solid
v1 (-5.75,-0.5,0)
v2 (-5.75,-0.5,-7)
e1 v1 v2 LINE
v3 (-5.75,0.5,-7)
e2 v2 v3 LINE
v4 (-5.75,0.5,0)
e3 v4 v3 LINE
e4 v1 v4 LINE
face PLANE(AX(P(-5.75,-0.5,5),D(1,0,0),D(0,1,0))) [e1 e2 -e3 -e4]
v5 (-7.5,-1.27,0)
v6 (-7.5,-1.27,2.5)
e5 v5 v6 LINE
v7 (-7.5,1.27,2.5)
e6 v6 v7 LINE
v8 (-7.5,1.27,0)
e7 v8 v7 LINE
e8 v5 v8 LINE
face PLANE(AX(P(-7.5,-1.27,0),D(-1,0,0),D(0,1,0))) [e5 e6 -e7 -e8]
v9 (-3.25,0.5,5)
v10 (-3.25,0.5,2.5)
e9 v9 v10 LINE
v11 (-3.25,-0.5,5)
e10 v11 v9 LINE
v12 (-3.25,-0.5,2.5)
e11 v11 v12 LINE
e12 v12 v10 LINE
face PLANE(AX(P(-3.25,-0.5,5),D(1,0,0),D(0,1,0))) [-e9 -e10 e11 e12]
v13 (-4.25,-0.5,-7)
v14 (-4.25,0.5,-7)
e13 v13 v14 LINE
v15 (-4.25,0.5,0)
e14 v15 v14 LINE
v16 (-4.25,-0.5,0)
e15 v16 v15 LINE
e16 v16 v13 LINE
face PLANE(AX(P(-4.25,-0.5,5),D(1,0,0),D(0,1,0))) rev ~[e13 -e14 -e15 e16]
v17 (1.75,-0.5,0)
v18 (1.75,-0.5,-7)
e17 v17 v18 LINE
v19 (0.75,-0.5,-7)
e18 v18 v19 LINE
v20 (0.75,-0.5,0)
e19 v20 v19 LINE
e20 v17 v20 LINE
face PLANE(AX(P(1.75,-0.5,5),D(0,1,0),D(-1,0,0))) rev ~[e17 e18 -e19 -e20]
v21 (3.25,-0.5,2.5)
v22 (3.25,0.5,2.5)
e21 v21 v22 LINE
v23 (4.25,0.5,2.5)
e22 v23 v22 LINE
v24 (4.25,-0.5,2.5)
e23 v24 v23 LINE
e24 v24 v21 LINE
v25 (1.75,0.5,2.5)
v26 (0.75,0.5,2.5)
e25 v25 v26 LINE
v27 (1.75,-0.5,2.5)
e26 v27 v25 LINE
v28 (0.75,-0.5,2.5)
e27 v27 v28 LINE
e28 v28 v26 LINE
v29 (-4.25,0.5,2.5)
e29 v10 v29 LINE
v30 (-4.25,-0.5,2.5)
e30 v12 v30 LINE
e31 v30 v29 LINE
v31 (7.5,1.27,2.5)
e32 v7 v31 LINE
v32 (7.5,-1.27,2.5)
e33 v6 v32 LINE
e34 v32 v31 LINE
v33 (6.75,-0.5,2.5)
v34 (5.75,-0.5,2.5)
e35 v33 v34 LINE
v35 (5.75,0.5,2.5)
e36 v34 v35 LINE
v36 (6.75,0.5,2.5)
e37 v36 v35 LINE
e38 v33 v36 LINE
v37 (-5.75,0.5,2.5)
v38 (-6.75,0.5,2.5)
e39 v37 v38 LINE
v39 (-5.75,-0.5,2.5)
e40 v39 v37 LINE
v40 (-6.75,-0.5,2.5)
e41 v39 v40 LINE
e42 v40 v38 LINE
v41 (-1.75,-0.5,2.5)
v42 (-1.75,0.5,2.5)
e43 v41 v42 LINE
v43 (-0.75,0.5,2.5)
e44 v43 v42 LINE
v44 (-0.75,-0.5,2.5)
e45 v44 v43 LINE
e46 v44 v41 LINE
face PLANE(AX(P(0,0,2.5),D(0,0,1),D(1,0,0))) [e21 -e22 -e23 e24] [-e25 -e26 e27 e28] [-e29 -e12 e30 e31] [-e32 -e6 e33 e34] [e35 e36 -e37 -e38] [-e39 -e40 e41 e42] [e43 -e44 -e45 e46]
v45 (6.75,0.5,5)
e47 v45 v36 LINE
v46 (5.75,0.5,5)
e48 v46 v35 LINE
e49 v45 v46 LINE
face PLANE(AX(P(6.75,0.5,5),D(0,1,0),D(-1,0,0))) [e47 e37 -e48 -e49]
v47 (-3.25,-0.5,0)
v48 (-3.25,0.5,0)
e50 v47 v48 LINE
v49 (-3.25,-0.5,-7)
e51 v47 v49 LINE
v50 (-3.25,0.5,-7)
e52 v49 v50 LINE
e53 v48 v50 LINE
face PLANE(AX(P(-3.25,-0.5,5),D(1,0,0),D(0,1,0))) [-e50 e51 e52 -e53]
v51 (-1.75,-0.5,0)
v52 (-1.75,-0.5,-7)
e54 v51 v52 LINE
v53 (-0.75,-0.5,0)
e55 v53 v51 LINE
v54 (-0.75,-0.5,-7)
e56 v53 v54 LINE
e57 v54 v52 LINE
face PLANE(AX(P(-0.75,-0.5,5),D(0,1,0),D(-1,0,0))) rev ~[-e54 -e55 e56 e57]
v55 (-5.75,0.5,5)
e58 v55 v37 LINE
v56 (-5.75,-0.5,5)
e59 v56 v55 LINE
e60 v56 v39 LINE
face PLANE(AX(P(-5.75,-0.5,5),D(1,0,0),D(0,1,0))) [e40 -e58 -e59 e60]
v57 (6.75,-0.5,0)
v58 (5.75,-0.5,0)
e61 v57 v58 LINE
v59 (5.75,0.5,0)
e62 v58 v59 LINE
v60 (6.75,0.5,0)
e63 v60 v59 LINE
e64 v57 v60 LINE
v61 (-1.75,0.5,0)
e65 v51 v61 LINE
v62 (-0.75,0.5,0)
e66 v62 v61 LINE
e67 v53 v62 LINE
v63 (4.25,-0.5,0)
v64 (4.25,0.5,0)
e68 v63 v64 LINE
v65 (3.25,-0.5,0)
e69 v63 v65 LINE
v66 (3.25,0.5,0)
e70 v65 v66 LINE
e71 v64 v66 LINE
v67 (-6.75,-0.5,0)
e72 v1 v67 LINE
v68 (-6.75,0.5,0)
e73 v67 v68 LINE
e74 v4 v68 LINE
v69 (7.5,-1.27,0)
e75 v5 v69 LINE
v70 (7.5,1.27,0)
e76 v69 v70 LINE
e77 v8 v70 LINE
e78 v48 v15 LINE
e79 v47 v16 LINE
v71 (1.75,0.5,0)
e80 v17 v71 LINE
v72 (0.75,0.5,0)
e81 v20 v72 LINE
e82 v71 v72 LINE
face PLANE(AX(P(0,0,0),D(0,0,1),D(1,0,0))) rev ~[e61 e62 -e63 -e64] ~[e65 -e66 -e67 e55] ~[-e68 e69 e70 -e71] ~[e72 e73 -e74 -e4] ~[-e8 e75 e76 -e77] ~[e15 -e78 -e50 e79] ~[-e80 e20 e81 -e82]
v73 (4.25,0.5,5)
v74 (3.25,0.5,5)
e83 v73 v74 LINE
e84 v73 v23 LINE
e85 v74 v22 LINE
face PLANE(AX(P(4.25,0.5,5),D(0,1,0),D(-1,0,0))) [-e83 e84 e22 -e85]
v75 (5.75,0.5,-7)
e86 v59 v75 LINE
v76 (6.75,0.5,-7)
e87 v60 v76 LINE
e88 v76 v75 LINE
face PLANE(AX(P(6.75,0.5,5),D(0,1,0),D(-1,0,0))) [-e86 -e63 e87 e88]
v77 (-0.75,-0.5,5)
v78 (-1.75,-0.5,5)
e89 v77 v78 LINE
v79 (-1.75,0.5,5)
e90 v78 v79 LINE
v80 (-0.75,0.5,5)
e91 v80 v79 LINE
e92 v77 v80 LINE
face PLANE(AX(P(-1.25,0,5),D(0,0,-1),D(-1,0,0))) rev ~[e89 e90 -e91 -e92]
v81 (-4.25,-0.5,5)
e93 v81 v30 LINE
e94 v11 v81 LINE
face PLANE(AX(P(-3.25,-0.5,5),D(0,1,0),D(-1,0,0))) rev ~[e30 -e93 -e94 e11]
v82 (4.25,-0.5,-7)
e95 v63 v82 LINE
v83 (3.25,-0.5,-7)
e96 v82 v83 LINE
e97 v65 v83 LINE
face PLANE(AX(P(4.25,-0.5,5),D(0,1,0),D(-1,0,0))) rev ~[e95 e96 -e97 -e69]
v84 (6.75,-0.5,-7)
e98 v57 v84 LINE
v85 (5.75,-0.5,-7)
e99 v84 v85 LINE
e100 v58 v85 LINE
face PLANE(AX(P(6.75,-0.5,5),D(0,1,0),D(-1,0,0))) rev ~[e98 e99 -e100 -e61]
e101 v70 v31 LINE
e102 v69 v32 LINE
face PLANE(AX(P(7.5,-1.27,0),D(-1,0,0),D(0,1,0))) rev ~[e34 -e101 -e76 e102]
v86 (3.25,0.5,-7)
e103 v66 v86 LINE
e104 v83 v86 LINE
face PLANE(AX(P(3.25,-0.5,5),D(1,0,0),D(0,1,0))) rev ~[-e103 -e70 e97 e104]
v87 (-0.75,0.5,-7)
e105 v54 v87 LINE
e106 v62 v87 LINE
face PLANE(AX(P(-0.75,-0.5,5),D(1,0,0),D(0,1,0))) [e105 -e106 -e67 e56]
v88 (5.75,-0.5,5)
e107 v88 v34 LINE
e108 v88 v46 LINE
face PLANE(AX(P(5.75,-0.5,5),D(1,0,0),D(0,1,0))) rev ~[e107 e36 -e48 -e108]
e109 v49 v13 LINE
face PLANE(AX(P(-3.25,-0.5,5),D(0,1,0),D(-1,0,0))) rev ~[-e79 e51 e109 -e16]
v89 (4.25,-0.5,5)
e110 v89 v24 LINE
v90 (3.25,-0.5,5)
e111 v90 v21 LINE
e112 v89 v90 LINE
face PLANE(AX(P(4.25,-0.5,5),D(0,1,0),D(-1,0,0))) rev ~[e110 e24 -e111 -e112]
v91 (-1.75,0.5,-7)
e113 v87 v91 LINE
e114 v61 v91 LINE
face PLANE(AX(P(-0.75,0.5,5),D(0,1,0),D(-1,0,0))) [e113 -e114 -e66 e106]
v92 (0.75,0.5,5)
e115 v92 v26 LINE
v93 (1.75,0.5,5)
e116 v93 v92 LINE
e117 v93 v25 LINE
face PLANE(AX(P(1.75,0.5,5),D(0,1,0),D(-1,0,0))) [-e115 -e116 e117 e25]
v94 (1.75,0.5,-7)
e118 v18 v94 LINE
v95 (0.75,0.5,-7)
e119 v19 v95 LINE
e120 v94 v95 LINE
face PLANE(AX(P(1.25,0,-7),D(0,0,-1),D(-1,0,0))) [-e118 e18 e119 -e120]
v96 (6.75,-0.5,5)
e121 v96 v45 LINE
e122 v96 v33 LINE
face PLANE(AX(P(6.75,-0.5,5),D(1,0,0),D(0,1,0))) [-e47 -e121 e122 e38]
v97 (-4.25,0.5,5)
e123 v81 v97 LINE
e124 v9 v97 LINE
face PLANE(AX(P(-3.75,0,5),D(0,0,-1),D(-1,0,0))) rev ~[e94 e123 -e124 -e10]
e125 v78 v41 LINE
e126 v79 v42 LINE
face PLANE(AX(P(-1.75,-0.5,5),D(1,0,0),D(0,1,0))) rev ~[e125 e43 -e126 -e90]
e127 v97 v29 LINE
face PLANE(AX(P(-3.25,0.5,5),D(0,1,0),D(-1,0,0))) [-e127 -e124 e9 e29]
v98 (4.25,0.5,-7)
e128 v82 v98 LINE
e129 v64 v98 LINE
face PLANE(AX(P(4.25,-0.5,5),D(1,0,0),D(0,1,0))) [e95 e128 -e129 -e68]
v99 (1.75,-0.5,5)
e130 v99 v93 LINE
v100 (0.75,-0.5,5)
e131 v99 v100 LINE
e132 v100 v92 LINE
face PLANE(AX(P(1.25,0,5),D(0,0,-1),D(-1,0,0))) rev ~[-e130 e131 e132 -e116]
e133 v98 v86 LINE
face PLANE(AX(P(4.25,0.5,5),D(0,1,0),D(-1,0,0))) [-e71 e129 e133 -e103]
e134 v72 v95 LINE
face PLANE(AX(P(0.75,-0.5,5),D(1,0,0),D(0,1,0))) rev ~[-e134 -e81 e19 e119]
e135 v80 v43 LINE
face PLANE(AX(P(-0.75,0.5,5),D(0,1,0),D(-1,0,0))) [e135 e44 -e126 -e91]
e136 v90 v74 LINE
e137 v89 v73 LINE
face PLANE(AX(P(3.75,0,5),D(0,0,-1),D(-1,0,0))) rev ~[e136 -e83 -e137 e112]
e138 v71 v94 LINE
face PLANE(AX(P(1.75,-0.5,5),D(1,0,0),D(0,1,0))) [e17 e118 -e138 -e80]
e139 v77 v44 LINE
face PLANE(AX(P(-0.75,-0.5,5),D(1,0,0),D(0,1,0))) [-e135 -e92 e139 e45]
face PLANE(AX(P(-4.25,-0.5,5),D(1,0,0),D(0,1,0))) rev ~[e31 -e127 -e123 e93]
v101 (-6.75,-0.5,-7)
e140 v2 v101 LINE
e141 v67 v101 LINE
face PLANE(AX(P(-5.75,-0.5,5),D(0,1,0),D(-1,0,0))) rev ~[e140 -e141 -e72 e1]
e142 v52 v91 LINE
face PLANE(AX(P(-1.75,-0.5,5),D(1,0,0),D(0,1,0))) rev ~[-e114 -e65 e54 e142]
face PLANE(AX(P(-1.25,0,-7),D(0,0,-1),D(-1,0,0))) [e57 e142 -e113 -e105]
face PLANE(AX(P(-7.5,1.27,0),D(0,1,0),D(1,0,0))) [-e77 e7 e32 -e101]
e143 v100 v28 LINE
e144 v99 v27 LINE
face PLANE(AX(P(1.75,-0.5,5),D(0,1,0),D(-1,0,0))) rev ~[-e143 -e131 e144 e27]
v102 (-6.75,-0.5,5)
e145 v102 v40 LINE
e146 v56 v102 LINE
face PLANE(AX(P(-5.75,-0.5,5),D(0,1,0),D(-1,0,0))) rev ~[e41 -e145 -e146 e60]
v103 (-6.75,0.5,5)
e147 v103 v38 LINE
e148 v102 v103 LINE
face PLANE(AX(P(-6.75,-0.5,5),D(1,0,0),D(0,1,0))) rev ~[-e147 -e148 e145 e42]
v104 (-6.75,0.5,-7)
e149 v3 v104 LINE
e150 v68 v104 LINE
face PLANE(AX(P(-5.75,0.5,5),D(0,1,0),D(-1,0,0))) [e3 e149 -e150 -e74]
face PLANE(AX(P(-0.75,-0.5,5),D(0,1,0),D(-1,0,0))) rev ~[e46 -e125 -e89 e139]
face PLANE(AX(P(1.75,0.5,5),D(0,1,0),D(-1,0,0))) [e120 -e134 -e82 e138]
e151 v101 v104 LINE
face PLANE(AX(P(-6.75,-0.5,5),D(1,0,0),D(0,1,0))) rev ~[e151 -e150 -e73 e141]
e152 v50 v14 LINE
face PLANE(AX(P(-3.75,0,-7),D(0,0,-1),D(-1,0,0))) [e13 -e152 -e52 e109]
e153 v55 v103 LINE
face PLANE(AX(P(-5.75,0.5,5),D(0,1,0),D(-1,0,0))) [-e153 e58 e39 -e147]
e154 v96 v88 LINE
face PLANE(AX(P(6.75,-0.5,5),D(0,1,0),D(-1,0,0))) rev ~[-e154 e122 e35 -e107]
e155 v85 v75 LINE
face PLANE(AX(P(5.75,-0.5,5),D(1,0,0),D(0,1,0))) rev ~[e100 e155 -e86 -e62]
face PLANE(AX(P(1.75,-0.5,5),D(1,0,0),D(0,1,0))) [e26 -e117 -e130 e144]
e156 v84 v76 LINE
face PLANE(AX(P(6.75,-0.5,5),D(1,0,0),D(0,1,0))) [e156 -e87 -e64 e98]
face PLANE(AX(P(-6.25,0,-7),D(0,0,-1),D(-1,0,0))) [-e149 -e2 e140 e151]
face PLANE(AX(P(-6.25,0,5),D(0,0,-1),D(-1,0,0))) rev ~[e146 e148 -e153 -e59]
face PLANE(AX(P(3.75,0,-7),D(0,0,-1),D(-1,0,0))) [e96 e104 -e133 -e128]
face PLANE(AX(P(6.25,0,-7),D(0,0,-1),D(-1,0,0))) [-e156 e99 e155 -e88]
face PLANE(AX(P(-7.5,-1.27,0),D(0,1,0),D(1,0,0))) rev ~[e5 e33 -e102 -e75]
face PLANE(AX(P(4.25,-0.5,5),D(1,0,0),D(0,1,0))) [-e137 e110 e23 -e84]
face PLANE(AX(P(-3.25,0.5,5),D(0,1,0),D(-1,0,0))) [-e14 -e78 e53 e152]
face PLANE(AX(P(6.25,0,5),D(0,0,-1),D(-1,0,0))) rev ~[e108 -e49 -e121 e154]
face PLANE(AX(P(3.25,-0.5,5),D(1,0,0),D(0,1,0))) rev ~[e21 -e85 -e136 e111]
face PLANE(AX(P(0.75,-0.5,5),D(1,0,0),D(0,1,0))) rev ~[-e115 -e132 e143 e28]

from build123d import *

# Parameters (mm, degrees)
SKETCH_1_W           = 15
SKETCH_1_H           = 2.54
EXTRUDE_1_DEPTH      = 2.5
EXTRUDE_2_DEPTH      = 7
EXTRUDE_2_DEPTH_BACK = 5
SKETCH_2_W           = 1
SKETCH_2_H           = 1


with BuildPart() as part:
    # Эскиз1 → Бобышка-Вытянуть1 (new body)
    with BuildSketch(Plane.XY):
        Rectangle(SKETCH_1_W, SKETCH_1_H)
    extrude(amount=EXTRUDE_1_DEPTH)

    # Эскиз2 → Бобышка-Вытянуть2 (add, two sides: drawn at the far end of the back side and taken through both)
    with BuildSketch(Plane(origin=(0, 0, 0), x_dir=(-1, 0, 0), z_dir=(0, 0, -1)).offset(-EXTRUDE_2_DEPTH_BACK)):
        with Locations((-3.75, 0)):
            Rectangle(SKETCH_2_W, SKETCH_2_H)
        with Locations((-6.25, 0)):
            Rectangle(SKETCH_2_W, SKETCH_2_H)
        with Locations((-1.25, 0)):
            Rectangle(SKETCH_2_W, SKETCH_2_H)
        with Locations((1.25, 0)):
            Rectangle(SKETCH_2_W, SKETCH_2_H)
        with Locations((3.75, 0)):
            Rectangle(SKETCH_2_W, SKETCH_2_H)
        with Locations((6.25, 0)):
            Rectangle(SKETCH_2_W, SKETCH_2_H)
    extrude(amount=EXTRUDE_2_DEPTH + EXTRUDE_2_DEPTH_BACK)


solid = part.part
